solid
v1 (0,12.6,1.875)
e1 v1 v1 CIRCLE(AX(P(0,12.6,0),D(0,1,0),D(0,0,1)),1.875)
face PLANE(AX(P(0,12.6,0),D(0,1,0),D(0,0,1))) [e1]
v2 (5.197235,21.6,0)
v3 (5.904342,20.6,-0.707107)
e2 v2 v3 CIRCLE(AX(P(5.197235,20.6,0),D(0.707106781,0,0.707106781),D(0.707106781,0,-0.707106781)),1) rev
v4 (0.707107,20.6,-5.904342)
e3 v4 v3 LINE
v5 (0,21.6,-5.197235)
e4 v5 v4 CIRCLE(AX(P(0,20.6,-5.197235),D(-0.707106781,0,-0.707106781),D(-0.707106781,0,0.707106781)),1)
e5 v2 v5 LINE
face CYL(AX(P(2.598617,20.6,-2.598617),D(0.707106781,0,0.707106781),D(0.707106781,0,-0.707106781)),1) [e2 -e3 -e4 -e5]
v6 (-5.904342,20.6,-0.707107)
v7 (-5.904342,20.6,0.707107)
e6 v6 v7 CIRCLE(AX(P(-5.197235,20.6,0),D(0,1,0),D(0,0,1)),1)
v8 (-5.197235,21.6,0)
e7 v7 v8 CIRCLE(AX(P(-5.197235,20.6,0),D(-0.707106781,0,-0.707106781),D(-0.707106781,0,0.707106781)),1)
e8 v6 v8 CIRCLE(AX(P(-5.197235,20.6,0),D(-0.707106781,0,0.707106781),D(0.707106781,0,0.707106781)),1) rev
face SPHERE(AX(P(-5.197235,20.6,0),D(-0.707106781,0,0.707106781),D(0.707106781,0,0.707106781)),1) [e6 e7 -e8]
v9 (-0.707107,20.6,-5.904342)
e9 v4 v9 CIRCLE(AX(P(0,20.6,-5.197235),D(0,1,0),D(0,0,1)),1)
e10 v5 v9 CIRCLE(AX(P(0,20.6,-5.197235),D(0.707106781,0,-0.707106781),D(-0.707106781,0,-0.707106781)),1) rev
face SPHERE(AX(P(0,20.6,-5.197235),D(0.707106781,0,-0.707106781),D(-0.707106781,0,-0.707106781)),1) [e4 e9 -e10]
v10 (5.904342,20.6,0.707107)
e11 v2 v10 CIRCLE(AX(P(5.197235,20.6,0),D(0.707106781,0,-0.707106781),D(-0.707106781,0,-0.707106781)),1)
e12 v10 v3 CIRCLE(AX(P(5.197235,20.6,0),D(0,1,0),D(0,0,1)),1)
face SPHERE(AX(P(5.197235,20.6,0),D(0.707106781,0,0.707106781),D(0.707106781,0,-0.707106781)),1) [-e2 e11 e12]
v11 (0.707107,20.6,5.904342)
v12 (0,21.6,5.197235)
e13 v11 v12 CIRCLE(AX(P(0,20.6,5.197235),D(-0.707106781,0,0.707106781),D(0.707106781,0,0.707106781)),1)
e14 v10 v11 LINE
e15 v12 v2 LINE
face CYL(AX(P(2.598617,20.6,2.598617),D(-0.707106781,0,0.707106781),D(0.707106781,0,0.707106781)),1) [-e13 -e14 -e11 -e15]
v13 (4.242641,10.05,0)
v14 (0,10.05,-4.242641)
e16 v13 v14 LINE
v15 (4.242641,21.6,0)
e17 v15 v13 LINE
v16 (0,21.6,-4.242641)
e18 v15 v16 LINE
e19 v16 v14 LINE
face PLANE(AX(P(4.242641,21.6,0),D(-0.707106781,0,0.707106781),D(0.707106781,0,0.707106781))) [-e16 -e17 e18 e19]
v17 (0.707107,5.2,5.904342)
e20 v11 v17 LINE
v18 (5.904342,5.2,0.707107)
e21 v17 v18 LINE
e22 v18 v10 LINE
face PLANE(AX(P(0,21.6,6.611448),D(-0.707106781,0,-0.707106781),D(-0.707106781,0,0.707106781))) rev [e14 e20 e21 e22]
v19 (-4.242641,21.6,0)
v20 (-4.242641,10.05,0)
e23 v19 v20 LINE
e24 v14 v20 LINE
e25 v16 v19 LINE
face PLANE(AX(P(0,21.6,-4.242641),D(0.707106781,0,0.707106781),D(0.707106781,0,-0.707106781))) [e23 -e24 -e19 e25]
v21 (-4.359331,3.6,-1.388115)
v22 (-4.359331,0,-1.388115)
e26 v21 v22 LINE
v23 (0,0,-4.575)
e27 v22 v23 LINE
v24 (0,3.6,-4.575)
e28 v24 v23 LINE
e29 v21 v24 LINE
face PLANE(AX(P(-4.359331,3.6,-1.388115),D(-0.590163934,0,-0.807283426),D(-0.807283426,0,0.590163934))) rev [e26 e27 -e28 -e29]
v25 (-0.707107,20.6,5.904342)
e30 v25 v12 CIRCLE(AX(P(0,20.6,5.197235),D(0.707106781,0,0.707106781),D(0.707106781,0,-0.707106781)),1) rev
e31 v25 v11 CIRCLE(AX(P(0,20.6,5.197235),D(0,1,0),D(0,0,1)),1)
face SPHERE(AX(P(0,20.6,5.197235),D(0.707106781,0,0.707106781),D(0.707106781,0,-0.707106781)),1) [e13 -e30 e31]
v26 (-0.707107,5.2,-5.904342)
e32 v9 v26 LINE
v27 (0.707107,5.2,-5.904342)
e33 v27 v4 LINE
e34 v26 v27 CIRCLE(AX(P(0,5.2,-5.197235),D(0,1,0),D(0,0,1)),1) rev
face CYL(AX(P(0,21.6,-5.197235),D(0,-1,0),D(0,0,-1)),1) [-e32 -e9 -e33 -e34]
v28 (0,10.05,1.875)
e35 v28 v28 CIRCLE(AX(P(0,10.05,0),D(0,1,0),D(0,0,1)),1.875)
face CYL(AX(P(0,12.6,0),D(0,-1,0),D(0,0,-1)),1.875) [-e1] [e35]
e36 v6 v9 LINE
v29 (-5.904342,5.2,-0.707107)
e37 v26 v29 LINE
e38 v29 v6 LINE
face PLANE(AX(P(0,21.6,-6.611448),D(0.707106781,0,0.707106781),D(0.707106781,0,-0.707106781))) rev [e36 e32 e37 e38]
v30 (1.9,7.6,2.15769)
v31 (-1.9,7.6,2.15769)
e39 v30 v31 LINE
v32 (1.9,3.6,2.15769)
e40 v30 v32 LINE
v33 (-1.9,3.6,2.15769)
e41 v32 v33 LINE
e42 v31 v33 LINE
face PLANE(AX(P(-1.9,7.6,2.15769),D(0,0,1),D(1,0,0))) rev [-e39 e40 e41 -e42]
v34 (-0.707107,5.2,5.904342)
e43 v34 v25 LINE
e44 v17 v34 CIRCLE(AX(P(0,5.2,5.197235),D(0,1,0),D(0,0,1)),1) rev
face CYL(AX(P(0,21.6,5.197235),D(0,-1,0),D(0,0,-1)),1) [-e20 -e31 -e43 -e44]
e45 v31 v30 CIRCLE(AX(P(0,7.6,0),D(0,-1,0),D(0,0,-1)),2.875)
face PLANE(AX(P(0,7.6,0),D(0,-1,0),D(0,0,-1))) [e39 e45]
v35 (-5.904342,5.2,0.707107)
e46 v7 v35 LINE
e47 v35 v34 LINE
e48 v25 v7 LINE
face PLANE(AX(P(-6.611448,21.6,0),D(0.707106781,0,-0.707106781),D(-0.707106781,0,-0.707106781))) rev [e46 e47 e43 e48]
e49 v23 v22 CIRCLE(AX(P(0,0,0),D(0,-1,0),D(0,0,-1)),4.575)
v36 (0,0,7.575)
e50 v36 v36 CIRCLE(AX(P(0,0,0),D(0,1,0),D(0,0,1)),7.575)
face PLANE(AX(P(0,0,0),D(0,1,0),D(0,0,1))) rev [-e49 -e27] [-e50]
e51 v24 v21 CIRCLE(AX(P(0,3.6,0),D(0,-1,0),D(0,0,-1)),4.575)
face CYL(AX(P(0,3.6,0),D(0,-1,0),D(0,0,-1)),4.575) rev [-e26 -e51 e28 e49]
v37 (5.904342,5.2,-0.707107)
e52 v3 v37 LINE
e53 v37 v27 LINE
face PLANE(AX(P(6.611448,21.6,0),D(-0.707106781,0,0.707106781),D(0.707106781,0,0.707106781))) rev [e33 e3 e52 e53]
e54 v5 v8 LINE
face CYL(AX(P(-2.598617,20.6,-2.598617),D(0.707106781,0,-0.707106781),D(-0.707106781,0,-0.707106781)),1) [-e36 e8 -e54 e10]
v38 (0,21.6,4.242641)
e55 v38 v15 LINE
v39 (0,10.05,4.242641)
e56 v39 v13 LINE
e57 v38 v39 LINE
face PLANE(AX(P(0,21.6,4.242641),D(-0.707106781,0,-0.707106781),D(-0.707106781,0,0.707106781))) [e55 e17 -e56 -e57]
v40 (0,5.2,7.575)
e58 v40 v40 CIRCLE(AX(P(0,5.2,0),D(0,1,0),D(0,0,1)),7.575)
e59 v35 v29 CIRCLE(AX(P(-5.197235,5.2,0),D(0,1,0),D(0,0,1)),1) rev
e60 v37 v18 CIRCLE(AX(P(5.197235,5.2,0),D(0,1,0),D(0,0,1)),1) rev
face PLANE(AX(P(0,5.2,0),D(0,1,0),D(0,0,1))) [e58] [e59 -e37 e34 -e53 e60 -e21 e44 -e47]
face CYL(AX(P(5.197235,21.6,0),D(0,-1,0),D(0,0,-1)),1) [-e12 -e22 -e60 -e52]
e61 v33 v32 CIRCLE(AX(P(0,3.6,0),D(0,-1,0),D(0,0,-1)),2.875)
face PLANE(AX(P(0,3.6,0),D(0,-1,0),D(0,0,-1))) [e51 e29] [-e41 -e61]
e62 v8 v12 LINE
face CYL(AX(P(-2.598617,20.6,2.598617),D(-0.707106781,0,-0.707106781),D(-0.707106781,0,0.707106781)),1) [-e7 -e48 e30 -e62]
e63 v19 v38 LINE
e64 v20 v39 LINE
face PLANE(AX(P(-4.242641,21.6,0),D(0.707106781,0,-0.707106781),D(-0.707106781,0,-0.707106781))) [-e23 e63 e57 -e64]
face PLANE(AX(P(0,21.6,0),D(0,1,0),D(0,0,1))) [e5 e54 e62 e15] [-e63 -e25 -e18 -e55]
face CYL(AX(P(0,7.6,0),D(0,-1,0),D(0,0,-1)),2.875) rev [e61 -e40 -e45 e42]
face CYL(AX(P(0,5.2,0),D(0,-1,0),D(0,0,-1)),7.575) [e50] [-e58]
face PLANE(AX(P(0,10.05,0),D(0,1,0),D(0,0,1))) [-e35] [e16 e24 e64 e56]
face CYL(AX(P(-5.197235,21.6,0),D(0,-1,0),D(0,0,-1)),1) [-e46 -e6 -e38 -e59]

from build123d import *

# Parameters (mm, degrees)
SKETCH1_R           = 7.575
BOSS_EXTRUDE1_DEPTH = 5.2
CUT_EXTRUDE1_DEPTH  = 3.6
BOSS_EXTRUDE2_DEPTH = 16.4
FILLET1_R           = 1
BOSS_EXTRUDE3_DEPTH = 4.85
SKETCH6_R           = 1.875
BOSS_EXTRUDE4_DEPTH = 2.55
CUT_EXTRUDE2_DEPTH  = 4


with BuildPart() as part:
    # Sketch1 → Boss-Extrude1 (new body)
    with BuildSketch(Plane(origin=(0, 0, 0), x_dir=(1, 0, 0), z_dir=(0, 1, 0))):
        Circle(SKETCH1_R)
    extrude(amount=BOSS_EXTRUDE1_DEPTH)

    # Sketch2 → Cut-Extrude1 (cut)
    with BuildSketch(Plane.XZ):
        with BuildLine():
            Line((-4.359330502, -1.388114754), (0, -4.575))
            ThreePointArc((0, -4.575), (2.7, 3.693321676), (-4.359330502, -1.388114754))
        make_face()
    extrude(amount=-CUT_EXTRUDE1_DEPTH, mode=Mode.SUBTRACT)

    # Sketch4 → Boss-Extrude2 (add)
    with BuildSketch(Plane(origin=(0, 5.2, 0), x_dir=(1, 0, 0), z_dir=(0, 1, 0))):
        Polygon((6.611448404, 0), (0, 6.611448404), (-6.611448404, 0), (0, -6.611448404), align=None)
        Polygon((4.242640687, 0), (0, 4.242640687), (-4.242640687, 0), (0, -4.242640687), align=None, mode=Mode.SUBTRACT)
    extrude(amount=BOSS_EXTRUDE2_DEPTH)

    # Fillet1
    fillet1_edges = [part.edges().sort_by_distance(p)[0] for p in [
        (3.305724202, 21.6, 3.305724202),
        (3.305724202, 21.6, -3.305724202),
        (-3.305724202, 21.6, -3.305724202),
        (-3.305724202, 21.6, 3.305724202),
        (0, 13.4, 6.611448404),
        (6.611448404, 13.4, 0),
        (0, 13.4, -6.611448404),
        (-6.611448404, 13.4, 0),
    ]]
    fillet(fillet1_edges, radius=FILLET1_R)

    # Sketch5 → Boss-Extrude3 (add)
    with BuildSketch(Plane(origin=(0, 5.2, 0), x_dir=(1, 0, 0), z_dir=(0, 1, 0))):
        Polygon((0, -4.242640687), (4.242640687, 0), (0, 4.242640687), (-4.242640687, 0), align=None)
    extrude(amount=BOSS_EXTRUDE3_DEPTH)

    # Sketch6 → Boss-Extrude4 (add)
    with BuildSketch(Plane(origin=(0, 10.05, 0), x_dir=(1, 0, 0), z_dir=(0, 1, 0))):
        Circle(SKETCH6_R)
    extrude(amount=BOSS_EXTRUDE4_DEPTH)

    # Sketch3 → Cut-Extrude2 (cut)
    with BuildSketch(Plane.XZ.offset(-3.6)):
        with BuildLine():
            Line((-1.9, 2.157689737), (1.9, 2.157689737))
            ThreePointArc((1.9, 2.157689737), (0, -2.875), (-1.9, 2.157689737))
        make_face()
    extrude(amount=-CUT_EXTRUDE2_DEPTH, mode=Mode.SUBTRACT)


solid = part.part
